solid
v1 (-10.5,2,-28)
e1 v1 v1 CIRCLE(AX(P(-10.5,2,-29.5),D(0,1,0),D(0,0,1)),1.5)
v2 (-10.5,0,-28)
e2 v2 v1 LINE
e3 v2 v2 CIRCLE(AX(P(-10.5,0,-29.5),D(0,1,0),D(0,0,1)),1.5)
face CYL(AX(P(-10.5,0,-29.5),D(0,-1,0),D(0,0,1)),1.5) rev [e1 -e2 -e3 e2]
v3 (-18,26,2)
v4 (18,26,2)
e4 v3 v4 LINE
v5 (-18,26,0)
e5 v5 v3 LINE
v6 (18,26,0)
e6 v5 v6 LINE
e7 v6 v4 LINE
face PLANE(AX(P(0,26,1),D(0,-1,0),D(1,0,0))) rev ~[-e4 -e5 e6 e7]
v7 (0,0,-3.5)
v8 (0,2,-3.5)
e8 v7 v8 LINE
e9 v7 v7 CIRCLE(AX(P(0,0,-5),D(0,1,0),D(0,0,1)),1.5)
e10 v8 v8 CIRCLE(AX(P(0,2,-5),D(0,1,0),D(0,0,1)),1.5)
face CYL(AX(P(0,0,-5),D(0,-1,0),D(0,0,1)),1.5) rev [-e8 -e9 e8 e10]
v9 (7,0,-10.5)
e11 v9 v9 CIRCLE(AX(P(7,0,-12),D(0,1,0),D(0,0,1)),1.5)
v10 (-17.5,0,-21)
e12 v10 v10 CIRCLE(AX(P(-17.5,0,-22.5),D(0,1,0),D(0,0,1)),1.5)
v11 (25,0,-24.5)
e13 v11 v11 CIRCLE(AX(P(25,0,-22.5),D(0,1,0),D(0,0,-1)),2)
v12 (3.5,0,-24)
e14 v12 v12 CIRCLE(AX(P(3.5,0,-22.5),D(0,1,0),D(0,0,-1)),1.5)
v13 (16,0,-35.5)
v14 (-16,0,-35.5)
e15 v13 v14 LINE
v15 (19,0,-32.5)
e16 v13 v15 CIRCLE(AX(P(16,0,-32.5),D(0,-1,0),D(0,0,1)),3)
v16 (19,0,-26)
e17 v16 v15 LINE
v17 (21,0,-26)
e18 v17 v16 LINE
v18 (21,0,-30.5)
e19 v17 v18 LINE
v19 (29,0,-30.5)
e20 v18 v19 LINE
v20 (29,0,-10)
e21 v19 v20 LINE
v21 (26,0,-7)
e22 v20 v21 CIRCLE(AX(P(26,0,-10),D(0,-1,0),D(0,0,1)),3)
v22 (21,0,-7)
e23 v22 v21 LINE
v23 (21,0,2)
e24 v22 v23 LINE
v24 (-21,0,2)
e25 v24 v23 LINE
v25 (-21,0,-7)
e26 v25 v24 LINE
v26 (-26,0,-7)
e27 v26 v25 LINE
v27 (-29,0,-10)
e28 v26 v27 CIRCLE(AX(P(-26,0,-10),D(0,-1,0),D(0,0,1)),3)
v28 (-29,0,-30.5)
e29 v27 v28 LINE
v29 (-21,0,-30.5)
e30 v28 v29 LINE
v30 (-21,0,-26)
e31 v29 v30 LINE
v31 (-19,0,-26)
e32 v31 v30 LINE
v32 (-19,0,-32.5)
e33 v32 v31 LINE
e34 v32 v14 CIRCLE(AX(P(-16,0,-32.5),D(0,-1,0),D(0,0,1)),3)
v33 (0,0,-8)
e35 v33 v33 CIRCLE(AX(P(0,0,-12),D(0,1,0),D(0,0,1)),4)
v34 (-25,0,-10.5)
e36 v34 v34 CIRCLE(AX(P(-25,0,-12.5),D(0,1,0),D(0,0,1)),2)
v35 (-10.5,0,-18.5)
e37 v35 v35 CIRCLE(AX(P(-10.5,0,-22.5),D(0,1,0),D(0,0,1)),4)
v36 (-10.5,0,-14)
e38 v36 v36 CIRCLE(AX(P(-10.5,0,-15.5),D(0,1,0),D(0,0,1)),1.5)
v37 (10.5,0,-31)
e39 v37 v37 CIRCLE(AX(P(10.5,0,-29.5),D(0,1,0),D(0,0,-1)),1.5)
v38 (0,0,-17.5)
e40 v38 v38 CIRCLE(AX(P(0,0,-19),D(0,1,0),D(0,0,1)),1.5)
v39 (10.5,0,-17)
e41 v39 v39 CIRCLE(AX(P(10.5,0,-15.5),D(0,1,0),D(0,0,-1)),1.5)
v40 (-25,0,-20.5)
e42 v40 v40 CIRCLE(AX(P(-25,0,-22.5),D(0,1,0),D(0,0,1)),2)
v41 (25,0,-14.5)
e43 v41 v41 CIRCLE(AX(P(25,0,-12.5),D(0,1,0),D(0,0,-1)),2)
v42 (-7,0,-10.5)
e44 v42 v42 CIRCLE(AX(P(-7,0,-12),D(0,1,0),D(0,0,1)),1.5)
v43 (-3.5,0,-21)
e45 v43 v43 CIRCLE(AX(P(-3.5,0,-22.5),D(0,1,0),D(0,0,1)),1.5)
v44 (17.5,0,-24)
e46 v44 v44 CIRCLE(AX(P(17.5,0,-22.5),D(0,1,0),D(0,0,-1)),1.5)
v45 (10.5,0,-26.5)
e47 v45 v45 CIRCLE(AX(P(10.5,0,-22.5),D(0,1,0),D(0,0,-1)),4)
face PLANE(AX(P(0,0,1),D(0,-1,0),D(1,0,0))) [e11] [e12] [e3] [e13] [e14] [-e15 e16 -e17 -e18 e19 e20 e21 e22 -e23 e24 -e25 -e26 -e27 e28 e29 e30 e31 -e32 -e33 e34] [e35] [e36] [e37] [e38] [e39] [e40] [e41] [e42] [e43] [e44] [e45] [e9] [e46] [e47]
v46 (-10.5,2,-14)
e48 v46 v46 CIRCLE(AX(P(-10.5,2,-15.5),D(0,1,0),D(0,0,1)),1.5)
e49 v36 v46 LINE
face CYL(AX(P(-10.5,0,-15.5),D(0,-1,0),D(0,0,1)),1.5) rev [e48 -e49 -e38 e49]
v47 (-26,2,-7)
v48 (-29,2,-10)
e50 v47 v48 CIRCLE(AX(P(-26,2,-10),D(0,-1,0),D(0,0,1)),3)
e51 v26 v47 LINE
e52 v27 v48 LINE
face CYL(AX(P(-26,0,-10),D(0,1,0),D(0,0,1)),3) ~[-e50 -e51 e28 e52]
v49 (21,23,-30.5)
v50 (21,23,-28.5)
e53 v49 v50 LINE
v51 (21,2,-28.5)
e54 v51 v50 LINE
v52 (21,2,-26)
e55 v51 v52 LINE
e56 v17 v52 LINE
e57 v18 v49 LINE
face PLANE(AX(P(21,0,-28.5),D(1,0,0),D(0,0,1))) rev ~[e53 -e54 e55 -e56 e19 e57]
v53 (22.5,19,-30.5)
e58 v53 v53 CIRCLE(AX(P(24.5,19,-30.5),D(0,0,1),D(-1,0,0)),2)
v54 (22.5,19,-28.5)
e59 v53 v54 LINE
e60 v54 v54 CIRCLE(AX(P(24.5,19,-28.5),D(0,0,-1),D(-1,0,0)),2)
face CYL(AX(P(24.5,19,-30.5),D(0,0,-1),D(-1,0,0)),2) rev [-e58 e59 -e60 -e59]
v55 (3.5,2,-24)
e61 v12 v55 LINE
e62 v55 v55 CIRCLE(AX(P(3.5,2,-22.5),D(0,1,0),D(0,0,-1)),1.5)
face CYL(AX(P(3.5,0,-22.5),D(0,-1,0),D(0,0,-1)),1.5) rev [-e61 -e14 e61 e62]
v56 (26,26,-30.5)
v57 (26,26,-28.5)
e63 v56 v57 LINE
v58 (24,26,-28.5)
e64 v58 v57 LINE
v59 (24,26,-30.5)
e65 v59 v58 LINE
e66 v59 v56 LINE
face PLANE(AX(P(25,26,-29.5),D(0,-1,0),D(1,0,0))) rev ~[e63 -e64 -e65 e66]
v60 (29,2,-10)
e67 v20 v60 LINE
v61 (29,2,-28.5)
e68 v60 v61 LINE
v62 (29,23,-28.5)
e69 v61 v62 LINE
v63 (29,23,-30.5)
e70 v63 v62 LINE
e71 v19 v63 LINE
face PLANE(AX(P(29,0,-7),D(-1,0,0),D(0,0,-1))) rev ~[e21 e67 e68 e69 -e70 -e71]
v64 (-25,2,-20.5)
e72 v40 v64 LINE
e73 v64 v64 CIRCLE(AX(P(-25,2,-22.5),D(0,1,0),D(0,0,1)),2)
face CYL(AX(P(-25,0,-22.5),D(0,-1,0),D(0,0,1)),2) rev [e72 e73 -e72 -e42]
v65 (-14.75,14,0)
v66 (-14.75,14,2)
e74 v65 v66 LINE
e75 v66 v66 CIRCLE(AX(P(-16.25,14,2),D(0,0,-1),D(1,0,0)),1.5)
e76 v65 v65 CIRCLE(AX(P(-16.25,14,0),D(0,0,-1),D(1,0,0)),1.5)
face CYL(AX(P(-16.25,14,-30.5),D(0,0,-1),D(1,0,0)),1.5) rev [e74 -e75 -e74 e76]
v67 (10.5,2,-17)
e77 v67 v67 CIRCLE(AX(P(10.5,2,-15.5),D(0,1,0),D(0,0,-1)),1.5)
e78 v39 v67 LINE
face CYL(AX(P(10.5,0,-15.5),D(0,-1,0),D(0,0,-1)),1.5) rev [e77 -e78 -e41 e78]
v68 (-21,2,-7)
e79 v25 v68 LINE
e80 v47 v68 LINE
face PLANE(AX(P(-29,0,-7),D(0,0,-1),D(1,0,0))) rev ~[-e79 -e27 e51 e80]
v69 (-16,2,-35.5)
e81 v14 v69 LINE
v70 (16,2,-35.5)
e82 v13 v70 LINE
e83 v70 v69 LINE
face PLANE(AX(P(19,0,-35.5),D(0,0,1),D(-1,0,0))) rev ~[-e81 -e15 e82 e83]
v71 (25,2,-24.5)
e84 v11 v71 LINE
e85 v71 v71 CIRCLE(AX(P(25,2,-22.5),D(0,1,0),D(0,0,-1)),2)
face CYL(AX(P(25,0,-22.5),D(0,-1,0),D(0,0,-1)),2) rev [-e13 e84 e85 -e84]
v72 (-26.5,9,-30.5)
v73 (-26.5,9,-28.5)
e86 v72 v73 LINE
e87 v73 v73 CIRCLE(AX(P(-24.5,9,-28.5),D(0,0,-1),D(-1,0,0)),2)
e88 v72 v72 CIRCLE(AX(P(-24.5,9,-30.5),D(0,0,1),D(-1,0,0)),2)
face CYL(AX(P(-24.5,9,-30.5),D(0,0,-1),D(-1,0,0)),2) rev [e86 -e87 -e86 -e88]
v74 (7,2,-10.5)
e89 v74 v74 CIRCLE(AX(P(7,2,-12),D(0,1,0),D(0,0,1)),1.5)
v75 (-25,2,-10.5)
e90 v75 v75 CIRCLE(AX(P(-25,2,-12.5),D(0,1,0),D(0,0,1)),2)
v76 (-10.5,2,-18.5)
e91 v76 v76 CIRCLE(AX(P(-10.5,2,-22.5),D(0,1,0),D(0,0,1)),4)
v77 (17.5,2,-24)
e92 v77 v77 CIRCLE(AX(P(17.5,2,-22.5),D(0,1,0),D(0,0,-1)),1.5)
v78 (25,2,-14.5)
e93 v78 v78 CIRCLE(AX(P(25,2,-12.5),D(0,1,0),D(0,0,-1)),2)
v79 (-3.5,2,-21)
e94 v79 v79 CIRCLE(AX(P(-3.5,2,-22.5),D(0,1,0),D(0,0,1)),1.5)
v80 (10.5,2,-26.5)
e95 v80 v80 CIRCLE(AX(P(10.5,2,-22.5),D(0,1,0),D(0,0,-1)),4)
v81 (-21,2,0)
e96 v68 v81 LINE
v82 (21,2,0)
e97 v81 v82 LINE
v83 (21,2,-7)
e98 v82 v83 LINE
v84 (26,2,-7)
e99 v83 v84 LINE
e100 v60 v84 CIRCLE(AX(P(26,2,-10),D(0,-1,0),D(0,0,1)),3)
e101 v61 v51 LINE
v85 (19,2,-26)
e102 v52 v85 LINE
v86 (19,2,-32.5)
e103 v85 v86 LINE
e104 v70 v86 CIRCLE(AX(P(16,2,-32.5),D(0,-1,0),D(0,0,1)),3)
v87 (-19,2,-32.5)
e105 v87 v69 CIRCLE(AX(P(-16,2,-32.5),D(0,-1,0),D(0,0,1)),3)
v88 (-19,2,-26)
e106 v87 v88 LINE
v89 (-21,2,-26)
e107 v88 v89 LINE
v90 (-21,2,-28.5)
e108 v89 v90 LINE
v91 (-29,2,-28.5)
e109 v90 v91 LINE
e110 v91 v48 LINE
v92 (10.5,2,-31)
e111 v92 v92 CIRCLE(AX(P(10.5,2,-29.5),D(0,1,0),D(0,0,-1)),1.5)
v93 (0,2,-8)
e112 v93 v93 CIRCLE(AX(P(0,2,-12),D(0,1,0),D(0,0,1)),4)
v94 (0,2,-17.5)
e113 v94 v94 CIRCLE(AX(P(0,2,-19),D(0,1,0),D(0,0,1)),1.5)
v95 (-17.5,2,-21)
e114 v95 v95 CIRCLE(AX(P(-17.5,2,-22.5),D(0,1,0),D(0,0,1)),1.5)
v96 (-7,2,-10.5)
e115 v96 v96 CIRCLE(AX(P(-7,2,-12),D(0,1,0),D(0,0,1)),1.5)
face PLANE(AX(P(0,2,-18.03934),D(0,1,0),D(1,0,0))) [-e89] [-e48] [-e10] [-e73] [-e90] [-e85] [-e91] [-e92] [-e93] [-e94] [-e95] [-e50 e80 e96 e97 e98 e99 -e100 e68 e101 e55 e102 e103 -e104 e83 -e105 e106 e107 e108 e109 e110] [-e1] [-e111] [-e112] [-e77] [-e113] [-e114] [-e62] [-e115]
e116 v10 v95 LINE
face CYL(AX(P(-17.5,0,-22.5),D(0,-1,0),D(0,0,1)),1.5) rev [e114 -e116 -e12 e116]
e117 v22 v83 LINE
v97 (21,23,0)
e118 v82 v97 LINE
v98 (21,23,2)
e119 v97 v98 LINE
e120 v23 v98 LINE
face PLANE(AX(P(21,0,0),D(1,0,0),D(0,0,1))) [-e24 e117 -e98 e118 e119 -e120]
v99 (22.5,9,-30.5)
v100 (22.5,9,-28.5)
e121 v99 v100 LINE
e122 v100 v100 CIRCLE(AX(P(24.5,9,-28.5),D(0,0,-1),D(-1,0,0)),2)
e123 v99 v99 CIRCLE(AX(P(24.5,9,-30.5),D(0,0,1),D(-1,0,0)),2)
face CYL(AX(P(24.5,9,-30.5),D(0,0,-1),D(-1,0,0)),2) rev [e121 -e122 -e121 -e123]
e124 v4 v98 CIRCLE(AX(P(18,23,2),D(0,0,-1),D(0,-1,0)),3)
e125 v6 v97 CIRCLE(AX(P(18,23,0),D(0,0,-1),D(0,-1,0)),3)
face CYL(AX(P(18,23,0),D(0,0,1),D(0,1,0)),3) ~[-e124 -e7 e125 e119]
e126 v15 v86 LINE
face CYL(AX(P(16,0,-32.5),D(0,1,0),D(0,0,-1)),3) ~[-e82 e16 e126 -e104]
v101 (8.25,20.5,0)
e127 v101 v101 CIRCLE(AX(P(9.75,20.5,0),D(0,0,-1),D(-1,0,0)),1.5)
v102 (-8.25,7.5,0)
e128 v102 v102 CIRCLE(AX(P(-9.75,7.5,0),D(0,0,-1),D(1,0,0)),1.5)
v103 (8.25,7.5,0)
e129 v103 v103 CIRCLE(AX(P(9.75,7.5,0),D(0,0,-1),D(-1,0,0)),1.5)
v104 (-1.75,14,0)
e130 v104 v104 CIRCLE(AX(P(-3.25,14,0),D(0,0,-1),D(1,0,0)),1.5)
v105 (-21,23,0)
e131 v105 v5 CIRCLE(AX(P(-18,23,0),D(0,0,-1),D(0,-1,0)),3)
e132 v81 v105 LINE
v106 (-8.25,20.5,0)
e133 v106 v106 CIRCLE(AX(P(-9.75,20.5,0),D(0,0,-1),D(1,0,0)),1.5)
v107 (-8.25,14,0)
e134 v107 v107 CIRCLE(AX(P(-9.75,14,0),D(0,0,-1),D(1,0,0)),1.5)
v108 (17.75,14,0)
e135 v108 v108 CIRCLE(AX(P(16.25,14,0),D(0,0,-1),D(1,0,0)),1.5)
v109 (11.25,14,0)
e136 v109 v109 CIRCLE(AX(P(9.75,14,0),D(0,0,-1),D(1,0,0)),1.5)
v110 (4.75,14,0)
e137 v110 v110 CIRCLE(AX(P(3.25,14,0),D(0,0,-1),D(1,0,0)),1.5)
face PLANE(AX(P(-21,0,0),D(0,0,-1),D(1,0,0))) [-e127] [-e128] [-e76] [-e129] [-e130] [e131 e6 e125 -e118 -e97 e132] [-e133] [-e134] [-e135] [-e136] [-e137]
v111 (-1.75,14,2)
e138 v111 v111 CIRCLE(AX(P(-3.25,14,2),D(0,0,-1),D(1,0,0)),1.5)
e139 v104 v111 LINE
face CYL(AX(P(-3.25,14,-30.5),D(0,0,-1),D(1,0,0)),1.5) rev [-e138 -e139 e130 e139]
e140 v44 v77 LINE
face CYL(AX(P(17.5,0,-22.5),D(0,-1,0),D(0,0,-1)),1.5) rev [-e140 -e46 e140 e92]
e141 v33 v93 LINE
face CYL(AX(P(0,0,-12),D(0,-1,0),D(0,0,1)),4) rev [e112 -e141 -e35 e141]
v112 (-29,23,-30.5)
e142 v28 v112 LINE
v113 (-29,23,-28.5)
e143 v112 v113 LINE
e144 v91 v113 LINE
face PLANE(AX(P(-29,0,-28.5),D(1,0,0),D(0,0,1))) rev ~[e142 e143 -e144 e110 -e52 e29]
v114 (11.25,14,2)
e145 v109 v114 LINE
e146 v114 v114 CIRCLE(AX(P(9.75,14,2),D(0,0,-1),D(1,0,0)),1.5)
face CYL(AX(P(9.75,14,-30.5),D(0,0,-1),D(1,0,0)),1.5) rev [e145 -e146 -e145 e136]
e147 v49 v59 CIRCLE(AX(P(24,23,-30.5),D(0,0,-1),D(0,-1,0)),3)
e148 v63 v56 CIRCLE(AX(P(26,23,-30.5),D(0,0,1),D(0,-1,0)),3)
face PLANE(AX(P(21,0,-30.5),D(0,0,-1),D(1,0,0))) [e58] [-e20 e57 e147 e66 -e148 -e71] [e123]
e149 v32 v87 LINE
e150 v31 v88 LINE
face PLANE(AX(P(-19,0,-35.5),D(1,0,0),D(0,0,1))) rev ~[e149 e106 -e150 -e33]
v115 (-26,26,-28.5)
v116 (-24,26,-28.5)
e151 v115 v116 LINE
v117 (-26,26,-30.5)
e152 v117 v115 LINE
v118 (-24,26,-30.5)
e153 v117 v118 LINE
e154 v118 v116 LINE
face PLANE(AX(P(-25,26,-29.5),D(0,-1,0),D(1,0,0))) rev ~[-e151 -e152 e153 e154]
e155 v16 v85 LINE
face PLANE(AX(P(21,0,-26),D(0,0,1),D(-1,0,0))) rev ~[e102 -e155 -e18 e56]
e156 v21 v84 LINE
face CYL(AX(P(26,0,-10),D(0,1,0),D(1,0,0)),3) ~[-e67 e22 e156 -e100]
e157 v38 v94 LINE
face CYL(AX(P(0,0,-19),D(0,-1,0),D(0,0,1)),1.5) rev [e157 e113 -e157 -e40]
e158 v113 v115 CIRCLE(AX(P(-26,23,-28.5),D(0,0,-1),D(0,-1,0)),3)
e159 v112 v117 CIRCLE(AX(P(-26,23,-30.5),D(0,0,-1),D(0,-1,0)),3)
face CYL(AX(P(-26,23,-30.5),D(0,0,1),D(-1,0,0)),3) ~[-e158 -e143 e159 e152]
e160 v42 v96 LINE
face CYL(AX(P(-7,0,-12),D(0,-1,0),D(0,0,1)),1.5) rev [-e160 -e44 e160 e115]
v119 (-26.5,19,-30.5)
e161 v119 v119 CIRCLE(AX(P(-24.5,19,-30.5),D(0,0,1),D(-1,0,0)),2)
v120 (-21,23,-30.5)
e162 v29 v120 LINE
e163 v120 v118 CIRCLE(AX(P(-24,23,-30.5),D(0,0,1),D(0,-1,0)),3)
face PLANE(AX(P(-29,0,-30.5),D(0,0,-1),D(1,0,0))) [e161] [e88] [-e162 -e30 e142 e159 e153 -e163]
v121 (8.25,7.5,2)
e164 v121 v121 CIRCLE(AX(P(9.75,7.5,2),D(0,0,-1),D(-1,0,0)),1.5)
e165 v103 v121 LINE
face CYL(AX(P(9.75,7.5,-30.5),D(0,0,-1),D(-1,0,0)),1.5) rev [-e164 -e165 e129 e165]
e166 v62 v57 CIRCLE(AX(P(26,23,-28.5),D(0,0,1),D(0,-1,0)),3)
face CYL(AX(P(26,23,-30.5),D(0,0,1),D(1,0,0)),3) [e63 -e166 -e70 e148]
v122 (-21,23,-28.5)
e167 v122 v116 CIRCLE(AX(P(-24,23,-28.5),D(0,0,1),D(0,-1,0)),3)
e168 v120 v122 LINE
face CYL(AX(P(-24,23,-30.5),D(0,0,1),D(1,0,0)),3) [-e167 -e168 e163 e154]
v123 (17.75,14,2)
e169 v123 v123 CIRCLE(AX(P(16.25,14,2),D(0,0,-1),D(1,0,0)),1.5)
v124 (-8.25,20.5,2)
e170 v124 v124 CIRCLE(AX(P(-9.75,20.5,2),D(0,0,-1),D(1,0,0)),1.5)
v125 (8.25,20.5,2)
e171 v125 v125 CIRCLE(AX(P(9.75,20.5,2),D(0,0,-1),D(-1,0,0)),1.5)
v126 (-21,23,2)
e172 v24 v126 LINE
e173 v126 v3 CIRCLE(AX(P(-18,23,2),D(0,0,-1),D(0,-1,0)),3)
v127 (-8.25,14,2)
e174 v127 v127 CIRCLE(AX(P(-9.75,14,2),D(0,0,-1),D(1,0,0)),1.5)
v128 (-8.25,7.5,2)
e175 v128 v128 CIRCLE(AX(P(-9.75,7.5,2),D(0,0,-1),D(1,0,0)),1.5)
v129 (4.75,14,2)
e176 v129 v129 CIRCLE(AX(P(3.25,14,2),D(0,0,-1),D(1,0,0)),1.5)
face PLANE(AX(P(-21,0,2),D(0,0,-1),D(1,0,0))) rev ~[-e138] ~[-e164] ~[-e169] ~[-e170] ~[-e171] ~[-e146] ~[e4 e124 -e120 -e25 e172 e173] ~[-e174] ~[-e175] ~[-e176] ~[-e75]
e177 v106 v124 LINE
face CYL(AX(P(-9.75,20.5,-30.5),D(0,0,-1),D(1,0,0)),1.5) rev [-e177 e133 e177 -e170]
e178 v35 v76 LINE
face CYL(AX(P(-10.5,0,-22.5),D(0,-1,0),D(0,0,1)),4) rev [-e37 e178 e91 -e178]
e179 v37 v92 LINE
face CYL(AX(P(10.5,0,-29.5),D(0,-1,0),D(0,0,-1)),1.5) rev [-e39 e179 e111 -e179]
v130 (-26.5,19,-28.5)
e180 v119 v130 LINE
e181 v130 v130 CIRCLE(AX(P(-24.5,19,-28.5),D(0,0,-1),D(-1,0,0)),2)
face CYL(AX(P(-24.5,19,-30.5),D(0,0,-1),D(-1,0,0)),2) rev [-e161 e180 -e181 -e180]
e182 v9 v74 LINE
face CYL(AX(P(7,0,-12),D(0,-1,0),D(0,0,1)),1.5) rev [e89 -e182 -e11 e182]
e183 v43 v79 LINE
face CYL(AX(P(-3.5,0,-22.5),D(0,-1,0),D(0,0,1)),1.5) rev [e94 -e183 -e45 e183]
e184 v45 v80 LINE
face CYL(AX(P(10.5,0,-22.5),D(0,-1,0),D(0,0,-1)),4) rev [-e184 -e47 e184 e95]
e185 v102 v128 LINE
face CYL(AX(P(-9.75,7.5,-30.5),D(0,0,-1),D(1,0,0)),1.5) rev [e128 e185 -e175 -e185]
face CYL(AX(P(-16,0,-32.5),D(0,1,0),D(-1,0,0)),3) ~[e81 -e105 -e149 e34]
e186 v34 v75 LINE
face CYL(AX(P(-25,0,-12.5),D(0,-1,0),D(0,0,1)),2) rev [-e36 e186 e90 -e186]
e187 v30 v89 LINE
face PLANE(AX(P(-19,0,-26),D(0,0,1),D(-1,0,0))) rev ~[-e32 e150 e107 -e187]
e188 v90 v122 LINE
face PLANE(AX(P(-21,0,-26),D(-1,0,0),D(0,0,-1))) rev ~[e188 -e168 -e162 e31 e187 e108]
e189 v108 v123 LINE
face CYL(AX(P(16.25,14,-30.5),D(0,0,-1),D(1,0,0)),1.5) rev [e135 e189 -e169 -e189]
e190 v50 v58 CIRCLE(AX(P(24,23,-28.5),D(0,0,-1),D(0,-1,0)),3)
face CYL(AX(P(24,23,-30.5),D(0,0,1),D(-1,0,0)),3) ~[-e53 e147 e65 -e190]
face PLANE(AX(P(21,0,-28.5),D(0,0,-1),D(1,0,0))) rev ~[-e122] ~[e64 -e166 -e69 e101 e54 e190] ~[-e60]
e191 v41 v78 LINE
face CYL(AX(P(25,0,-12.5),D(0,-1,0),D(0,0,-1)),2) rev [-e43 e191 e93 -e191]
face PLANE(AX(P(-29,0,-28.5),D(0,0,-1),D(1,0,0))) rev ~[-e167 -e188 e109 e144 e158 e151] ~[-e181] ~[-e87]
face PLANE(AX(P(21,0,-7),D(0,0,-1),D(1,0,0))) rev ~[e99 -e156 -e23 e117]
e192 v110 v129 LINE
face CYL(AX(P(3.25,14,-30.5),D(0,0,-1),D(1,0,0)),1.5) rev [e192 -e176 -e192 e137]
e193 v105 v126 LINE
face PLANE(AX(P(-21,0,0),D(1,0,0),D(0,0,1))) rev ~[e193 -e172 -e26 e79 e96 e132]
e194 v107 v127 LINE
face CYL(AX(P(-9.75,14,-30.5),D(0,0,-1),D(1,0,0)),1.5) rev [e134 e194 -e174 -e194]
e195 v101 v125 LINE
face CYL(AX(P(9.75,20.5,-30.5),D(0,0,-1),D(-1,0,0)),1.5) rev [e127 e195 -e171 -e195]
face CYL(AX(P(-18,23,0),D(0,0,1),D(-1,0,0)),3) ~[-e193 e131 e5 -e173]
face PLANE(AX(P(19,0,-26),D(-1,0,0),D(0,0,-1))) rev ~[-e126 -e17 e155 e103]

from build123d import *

# Parameters (mm, degrees)
SKETCH_1_R          = 2
SKETCH_1_R_2        = 4
SKETCH_1_R_3        = 1.5
EXTRUDE_1_DEPTH     = 2
SKETCH_2_W          = 42
SKETCH_2_H          = 2
SKETCH_2_W_2        = 8
EXTRUDE_2_DEPTH     = 26
SKETCH_3_R          = 2
SKETCH_3_R_2        = 1.5
CUT_EXTRUDE_1_DEPTH = 51.727211632
FILLET_1_R          = 3


with BuildPart() as part:
    # 草图1 → 凸台-拉伸1 (new body)
    with BuildSketch(Plane(origin=(0, 0, 0), x_dir=(1, 0, 0), z_dir=(0, 1, 0))):
        Polygon((-29, 7), (-21, 7), (-21, 0), (21, 0), (21, 7), (29, 7), (29, 28.5), (21, 28.5), (21, 26), (19, 26), (19, 35.5), (-19, 35.5), (-19, 26), (-21, 26), (-21, 28.5), (-29, 28.5), align=None)
        with Locations(Location((-25, 12.5, 0), (0, 0, 270))):
            Circle(SKETCH_1_R, mode=Mode.SUBTRACT)
        with Locations(Location((-25, 22.5, 0), (0, 0, 270))):
            Circle(SKETCH_1_R, mode=Mode.SUBTRACT)
        with Locations(Location((25, 22.5, 0), (0, 0, 90))):
            Circle(SKETCH_1_R, mode=Mode.SUBTRACT)
        with Locations(Location((25, 12.5, 0), (0, 0, 90))):
            Circle(SKETCH_1_R, mode=Mode.SUBTRACT)
        with Locations(Location((-10.5, 22.5, 0), (0, 0, 270))):
            Circle(SKETCH_1_R_2, mode=Mode.SUBTRACT)
        with Locations(Location((-10.5, 29.5, 0), (0, 0, 270))):
            Circle(SKETCH_1_R_3, mode=Mode.SUBTRACT)
        with Locations(Location((-3.5, 22.5, 0), (0, 0, 270))):
            Circle(SKETCH_1_R_3, mode=Mode.SUBTRACT)
        with Locations(Location((-10.5, 15.5, 0), (0, 0, 270))):
            Circle(SKETCH_1_R_3, mode=Mode.SUBTRACT)
        with Locations(Location((-17.5, 22.5, 0), (0, 0, 270))):
            Circle(SKETCH_1_R_3, mode=Mode.SUBTRACT)
        with Locations(Location((3.5, 22.5, 0), (0, 0, 90))):
            Circle(SKETCH_1_R_3, mode=Mode.SUBTRACT)
        with Locations(Location((10.5, 15.5, 0), (0, 0, 90))):
            Circle(SKETCH_1_R_3, mode=Mode.SUBTRACT)
        with Locations(Location((17.5, 22.5, 0), (0, 0, 90))):
            Circle(SKETCH_1_R_3, mode=Mode.SUBTRACT)
        with Locations(Location((10.5, 22.5, 0), (0, 0, 90))):
            Circle(SKETCH_1_R_2, mode=Mode.SUBTRACT)
        with Locations(Location((10.5, 29.5, 0), (0, 0, 90))):
            Circle(SKETCH_1_R_3, mode=Mode.SUBTRACT)
        with Locations(Location((0, 12, 0), (0, 0, 270))):
            Circle(SKETCH_1_R_2, mode=Mode.SUBTRACT)
        with Locations(Location((0, 19, 0), (0, 0, 270))):
            Circle(SKETCH_1_R_3, mode=Mode.SUBTRACT)
        with Locations(Location((7, 12, 0), (0, 0, 270))):
            Circle(SKETCH_1_R_3, mode=Mode.SUBTRACT)
        with Locations(Location((0, 5, 0), (0, 0, 270))):
            Circle(SKETCH_1_R_3, mode=Mode.SUBTRACT)
        with Locations(Location((-7, 12, 0), (0, 0, 270))):
            Circle(SKETCH_1_R_3, mode=Mode.SUBTRACT)
    extrude(amount=EXTRUDE_1_DEPTH)

    # 草图2 → 凸台-拉伸2 (add)
    with BuildSketch(Plane.XZ):
        with Locations((0, 1)):
            Rectangle(SKETCH_2_W, SKETCH_2_H)
        with Locations((-25, -29.5)):
            Rectangle(SKETCH_2_W_2, SKETCH_2_H)
        with Locations((25, -29.5)):
            Rectangle(SKETCH_2_W_2, SKETCH_2_H)
    extrude(amount=-EXTRUDE_2_DEPTH)

    # 草图3 → 切除-拉伸1 (cut, through all)
    with BuildSketch(Plane.XY.offset(-30.5)):
        with Locations(Location((-24.5, 19, 0), (0, 0, 180))):
            Circle(SKETCH_3_R)
        with Locations(Location((-24.5, 9, 0), (0, 0, 180))):
            Circle(SKETCH_3_R)
        with Locations(Location((24.5, 9, 0), (0, 0, 180))):
            Circle(SKETCH_3_R)
        with Locations(Location((24.5, 19, 0), (0, 0, 180))):
            Circle(SKETCH_3_R)
        with Locations((-16.25, 14)):
            Circle(SKETCH_3_R_2)
        with Locations((-9.75, 14)):
            Circle(SKETCH_3_R_2)
        with Locations((-3.25, 14)):
            Circle(SKETCH_3_R_2)
        with Locations((3.25, 14)):
            Circle(SKETCH_3_R_2)
        with Locations((9.75, 14)):
            Circle(SKETCH_3_R_2)
        with Locations((16.25, 14)):
            Circle(SKETCH_3_R_2)
        with Locations((-9.75, 7.5)):
            Circle(SKETCH_3_R_2)
        with Locations((-9.75, 20.5)):
            Circle(SKETCH_3_R_2)
        with Locations(Location((9.75, 7.5, 0), (0, 0, 180))):
            Circle(SKETCH_3_R_2)
        with Locations(Location((9.75, 20.5, 0), (0, 0, 180))):
            Circle(SKETCH_3_R_2)
    extrude(amount=CUT_EXTRUDE_1_DEPTH, mode=Mode.SUBTRACT)

    # 圆角1
    fillet_1_edges = [part.edges().sort_by_distance(p)[0] for p in [
        (-21, 26, 1),
        (21, 26, 1),
        (-21, 26, -29.5),
        (-29, 26, -29.5),
        (29, 26, -29.5),
        (21, 26, -29.5),
        (-19, 1, -35.5),
        (19, 1, -35.5),
        (29, 1, -7),
        (-29, 1, -7),
    ]]
    fillet(fillet_1_edges, radius=FILLET_1_R)


solid = part.part
